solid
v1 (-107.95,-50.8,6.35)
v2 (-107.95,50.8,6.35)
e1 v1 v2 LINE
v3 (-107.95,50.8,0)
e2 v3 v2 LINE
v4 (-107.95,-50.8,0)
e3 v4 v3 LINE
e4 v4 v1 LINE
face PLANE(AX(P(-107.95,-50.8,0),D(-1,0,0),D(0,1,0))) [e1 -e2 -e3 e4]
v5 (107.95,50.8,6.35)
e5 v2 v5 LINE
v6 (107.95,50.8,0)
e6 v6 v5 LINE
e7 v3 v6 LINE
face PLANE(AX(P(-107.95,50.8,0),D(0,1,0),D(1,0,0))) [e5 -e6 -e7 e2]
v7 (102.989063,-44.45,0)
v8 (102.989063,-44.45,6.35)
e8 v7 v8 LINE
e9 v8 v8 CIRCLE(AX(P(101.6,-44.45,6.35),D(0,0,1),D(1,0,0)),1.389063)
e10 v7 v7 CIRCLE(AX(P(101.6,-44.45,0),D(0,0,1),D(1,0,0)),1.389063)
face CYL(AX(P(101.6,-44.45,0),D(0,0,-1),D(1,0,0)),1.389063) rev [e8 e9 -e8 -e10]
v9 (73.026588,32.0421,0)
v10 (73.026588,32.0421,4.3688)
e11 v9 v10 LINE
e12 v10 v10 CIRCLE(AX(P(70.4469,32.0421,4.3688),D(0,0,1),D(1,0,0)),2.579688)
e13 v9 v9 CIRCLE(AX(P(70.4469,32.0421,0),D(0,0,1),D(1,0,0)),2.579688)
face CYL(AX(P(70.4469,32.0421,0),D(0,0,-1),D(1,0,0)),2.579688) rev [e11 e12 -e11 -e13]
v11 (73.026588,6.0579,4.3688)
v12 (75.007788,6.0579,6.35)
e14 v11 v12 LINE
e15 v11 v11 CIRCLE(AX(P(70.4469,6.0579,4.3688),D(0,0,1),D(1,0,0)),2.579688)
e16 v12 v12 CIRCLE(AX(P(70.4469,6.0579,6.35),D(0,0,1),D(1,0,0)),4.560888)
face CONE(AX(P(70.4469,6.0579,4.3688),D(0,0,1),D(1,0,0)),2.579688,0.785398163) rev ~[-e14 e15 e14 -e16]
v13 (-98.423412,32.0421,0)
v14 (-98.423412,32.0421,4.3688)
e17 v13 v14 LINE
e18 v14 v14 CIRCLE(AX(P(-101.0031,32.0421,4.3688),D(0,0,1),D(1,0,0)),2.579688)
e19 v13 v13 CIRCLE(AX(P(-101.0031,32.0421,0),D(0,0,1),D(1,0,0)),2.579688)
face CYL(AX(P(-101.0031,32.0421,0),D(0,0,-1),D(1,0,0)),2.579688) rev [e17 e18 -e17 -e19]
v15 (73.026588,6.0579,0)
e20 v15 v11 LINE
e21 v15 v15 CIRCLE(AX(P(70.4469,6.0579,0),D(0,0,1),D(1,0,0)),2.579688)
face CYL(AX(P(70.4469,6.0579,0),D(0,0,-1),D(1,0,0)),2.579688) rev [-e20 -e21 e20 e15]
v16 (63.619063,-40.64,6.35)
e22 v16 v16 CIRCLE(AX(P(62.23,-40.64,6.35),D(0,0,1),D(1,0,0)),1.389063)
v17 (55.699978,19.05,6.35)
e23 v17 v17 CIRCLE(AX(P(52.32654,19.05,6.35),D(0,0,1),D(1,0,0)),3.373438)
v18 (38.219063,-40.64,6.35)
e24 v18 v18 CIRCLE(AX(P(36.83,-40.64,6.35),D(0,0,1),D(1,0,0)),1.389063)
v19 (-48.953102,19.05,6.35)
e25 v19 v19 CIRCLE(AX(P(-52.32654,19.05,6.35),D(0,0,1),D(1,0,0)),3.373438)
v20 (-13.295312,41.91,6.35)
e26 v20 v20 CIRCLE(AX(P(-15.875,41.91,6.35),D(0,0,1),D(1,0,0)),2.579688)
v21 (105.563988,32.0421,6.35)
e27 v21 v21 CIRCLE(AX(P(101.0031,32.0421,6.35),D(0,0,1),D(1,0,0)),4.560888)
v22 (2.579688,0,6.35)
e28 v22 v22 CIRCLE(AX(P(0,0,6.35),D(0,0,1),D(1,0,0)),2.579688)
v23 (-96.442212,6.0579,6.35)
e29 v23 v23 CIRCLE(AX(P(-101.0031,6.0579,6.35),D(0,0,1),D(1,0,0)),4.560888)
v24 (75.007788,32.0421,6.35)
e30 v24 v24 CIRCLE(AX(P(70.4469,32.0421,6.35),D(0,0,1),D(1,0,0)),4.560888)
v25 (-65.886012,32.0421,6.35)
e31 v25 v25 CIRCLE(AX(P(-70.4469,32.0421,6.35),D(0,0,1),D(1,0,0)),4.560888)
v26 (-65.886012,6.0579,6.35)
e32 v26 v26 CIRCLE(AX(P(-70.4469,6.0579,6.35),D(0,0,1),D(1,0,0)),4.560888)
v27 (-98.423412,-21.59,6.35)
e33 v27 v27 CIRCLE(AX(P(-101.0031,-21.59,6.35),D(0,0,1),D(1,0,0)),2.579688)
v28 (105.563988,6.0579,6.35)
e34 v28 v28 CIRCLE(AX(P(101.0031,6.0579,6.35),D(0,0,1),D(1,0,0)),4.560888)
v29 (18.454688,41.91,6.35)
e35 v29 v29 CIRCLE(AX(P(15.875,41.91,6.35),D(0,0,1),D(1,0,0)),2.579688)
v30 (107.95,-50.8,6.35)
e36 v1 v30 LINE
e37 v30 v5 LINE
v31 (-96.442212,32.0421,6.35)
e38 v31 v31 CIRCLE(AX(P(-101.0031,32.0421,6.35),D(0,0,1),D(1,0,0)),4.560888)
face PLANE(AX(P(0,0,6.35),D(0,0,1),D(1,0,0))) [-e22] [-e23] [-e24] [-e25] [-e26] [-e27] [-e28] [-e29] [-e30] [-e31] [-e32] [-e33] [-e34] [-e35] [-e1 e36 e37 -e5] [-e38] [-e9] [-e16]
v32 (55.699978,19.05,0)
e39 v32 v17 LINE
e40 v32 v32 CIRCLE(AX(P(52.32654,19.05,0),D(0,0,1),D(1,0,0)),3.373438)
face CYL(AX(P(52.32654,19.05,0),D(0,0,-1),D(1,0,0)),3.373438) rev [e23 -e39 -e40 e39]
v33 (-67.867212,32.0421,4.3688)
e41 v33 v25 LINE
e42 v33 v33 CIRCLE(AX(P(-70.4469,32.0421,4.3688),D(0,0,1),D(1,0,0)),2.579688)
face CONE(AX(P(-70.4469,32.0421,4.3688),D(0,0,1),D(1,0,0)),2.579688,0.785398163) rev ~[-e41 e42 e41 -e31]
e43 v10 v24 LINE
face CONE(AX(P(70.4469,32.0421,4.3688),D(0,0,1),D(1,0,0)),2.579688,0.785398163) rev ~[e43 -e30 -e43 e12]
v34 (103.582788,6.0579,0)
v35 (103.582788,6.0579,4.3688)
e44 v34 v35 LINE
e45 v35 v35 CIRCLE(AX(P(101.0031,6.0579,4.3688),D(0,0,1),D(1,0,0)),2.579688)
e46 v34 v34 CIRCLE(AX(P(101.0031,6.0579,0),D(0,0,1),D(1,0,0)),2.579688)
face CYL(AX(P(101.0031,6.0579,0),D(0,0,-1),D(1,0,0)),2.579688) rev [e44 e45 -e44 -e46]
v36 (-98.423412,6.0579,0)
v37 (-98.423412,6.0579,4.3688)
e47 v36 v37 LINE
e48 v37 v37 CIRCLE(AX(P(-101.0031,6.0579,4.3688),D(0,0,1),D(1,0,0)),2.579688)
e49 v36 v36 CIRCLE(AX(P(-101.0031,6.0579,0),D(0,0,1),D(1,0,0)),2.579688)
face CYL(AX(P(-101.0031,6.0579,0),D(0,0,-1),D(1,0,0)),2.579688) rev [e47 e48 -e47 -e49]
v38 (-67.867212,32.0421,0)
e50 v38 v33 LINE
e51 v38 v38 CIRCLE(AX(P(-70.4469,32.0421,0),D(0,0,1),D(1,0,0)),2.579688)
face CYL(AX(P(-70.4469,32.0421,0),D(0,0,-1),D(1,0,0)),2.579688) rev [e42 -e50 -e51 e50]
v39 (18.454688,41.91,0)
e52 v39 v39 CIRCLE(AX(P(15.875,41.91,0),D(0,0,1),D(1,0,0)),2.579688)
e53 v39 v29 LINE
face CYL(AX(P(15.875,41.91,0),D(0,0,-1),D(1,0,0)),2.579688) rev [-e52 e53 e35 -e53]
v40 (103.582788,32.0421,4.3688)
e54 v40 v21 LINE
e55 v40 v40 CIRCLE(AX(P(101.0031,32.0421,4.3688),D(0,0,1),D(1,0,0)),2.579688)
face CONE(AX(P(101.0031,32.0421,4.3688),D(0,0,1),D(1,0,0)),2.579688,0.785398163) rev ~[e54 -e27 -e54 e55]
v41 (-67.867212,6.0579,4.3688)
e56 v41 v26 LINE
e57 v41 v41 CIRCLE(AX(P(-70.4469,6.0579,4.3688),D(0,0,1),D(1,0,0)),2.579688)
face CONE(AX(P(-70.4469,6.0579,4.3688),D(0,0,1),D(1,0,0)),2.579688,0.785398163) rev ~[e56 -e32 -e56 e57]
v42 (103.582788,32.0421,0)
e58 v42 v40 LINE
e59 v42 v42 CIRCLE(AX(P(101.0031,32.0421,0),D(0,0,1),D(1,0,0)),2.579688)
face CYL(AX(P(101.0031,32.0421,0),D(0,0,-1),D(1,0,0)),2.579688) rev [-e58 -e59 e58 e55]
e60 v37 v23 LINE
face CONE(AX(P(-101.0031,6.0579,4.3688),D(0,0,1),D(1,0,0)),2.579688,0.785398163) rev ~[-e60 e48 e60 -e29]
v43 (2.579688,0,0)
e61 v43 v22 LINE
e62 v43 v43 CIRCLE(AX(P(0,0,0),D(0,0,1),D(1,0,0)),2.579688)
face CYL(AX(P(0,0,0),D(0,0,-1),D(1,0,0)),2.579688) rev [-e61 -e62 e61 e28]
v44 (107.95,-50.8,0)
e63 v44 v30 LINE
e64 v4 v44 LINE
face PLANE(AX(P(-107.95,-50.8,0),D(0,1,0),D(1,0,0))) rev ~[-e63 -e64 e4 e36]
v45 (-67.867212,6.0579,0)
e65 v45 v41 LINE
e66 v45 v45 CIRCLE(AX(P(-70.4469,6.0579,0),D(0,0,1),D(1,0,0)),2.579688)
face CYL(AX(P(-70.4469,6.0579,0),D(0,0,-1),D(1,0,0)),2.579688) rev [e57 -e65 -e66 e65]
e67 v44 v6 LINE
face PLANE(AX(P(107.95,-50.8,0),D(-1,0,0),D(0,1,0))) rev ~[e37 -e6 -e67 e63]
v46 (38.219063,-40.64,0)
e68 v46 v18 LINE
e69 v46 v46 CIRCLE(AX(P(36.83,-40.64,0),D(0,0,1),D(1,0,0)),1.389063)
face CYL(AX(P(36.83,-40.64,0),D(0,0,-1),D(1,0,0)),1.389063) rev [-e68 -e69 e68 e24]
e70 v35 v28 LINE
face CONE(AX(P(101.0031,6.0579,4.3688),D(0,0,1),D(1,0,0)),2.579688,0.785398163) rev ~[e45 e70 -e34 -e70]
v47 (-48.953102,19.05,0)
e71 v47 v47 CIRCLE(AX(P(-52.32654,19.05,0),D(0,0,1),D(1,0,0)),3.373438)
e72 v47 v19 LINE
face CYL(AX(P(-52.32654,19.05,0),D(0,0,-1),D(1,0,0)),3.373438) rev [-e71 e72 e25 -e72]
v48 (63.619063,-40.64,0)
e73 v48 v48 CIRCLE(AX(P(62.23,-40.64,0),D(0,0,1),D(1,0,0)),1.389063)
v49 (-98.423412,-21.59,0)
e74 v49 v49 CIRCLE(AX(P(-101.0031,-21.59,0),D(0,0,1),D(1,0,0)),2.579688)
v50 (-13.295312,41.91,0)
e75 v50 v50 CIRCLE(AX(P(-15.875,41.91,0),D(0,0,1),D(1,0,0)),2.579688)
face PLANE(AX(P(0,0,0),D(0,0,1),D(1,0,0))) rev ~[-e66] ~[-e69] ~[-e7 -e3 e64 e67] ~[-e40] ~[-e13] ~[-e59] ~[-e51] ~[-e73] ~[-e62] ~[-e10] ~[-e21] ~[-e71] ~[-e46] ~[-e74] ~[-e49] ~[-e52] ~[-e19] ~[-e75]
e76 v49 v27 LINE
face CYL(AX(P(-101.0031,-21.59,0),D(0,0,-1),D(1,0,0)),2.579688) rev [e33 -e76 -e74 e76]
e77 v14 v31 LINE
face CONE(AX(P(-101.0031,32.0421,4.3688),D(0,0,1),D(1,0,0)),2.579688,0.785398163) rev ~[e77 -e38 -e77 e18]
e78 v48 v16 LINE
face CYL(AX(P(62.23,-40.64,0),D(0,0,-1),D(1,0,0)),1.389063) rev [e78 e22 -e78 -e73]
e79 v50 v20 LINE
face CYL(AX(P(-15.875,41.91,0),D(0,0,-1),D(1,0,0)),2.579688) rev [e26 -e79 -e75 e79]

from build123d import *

# Parameters (mm, degrees)
F0_W     = 215.9
F0_H     = 101.6
F0_R     = 2.579688
F0_R_2   = 1.389063
F0_R_3   = 3.373438
F1_DEPTH = 6.35
F2_SIZE  = 1.9812


with BuildPart() as f1:
    # F0 (on Top) → F1 (new body)
    with BuildSketch(Plane.XY):
        Rectangle(F0_W, F0_H)
        with Locations((-101.0031, -21.59)):
            Circle(F0_R, mode=Mode.SUBTRACT)
        with Locations((36.83, -40.64)):
            Circle(F0_R_2, mode=Mode.SUBTRACT)
        with Locations((62.23, -40.64)):
            Circle(F0_R_2, mode=Mode.SUBTRACT)
        with Locations((101.6, -44.45)):
            Circle(F0_R_2, mode=Mode.SUBTRACT)
        Circle(F0_R, mode=Mode.SUBTRACT)
        with Locations((-101.0031, 6.0579)):
            Circle(F0_R, mode=Mode.SUBTRACT)
        with Locations((-70.4469, 6.0579)):
            Circle(F0_R, mode=Mode.SUBTRACT)
        with Locations((-52.32654, 19.05)):
            Circle(F0_R_3, mode=Mode.SUBTRACT)
        with Locations((-101.0031, 32.0421)):
            Circle(F0_R, mode=Mode.SUBTRACT)
        with Locations((-70.4469, 32.0421)):
            Circle(F0_R, mode=Mode.SUBTRACT)
        with Locations((-15.875, 41.91)):
            Circle(F0_R, mode=Mode.SUBTRACT)
        with Locations((52.32654, 19.05)):
            Circle(F0_R_3, mode=Mode.SUBTRACT)
        with Locations((70.4469, 6.0579)):
            Circle(F0_R, mode=Mode.SUBTRACT)
        with Locations((101.0031, 6.0579)):
            Circle(F0_R, mode=Mode.SUBTRACT)
        with Locations((15.875, 41.91)):
            Circle(F0_R, mode=Mode.SUBTRACT)
        with Locations((70.4469, 32.0421)):
            Circle(F0_R, mode=Mode.SUBTRACT)
        with Locations((101.0031, 32.0421)):
            Circle(F0_R, mode=Mode.SUBTRACT)
    extrude(amount=F1_DEPTH)

    # F2
    f2_edges = [f1.edges().sort_by_distance(p)[0] for p in [
        (-73.026588, 32.0421, 6.35),
        (-103.582788, 32.0421, 6.35),
        (-103.582788, 6.0579, 6.35),
        (-73.026588, 6.0579, 6.35),
        (67.867212, 32.0421, 6.35),
        (67.867212, 6.0579, 6.35),
        (98.423412, 6.0579, 6.35),
        (98.423412, 32.0421, 6.35),
    ]]
    chamfer(f2_edges, length=F2_SIZE)


solid = f1.part
